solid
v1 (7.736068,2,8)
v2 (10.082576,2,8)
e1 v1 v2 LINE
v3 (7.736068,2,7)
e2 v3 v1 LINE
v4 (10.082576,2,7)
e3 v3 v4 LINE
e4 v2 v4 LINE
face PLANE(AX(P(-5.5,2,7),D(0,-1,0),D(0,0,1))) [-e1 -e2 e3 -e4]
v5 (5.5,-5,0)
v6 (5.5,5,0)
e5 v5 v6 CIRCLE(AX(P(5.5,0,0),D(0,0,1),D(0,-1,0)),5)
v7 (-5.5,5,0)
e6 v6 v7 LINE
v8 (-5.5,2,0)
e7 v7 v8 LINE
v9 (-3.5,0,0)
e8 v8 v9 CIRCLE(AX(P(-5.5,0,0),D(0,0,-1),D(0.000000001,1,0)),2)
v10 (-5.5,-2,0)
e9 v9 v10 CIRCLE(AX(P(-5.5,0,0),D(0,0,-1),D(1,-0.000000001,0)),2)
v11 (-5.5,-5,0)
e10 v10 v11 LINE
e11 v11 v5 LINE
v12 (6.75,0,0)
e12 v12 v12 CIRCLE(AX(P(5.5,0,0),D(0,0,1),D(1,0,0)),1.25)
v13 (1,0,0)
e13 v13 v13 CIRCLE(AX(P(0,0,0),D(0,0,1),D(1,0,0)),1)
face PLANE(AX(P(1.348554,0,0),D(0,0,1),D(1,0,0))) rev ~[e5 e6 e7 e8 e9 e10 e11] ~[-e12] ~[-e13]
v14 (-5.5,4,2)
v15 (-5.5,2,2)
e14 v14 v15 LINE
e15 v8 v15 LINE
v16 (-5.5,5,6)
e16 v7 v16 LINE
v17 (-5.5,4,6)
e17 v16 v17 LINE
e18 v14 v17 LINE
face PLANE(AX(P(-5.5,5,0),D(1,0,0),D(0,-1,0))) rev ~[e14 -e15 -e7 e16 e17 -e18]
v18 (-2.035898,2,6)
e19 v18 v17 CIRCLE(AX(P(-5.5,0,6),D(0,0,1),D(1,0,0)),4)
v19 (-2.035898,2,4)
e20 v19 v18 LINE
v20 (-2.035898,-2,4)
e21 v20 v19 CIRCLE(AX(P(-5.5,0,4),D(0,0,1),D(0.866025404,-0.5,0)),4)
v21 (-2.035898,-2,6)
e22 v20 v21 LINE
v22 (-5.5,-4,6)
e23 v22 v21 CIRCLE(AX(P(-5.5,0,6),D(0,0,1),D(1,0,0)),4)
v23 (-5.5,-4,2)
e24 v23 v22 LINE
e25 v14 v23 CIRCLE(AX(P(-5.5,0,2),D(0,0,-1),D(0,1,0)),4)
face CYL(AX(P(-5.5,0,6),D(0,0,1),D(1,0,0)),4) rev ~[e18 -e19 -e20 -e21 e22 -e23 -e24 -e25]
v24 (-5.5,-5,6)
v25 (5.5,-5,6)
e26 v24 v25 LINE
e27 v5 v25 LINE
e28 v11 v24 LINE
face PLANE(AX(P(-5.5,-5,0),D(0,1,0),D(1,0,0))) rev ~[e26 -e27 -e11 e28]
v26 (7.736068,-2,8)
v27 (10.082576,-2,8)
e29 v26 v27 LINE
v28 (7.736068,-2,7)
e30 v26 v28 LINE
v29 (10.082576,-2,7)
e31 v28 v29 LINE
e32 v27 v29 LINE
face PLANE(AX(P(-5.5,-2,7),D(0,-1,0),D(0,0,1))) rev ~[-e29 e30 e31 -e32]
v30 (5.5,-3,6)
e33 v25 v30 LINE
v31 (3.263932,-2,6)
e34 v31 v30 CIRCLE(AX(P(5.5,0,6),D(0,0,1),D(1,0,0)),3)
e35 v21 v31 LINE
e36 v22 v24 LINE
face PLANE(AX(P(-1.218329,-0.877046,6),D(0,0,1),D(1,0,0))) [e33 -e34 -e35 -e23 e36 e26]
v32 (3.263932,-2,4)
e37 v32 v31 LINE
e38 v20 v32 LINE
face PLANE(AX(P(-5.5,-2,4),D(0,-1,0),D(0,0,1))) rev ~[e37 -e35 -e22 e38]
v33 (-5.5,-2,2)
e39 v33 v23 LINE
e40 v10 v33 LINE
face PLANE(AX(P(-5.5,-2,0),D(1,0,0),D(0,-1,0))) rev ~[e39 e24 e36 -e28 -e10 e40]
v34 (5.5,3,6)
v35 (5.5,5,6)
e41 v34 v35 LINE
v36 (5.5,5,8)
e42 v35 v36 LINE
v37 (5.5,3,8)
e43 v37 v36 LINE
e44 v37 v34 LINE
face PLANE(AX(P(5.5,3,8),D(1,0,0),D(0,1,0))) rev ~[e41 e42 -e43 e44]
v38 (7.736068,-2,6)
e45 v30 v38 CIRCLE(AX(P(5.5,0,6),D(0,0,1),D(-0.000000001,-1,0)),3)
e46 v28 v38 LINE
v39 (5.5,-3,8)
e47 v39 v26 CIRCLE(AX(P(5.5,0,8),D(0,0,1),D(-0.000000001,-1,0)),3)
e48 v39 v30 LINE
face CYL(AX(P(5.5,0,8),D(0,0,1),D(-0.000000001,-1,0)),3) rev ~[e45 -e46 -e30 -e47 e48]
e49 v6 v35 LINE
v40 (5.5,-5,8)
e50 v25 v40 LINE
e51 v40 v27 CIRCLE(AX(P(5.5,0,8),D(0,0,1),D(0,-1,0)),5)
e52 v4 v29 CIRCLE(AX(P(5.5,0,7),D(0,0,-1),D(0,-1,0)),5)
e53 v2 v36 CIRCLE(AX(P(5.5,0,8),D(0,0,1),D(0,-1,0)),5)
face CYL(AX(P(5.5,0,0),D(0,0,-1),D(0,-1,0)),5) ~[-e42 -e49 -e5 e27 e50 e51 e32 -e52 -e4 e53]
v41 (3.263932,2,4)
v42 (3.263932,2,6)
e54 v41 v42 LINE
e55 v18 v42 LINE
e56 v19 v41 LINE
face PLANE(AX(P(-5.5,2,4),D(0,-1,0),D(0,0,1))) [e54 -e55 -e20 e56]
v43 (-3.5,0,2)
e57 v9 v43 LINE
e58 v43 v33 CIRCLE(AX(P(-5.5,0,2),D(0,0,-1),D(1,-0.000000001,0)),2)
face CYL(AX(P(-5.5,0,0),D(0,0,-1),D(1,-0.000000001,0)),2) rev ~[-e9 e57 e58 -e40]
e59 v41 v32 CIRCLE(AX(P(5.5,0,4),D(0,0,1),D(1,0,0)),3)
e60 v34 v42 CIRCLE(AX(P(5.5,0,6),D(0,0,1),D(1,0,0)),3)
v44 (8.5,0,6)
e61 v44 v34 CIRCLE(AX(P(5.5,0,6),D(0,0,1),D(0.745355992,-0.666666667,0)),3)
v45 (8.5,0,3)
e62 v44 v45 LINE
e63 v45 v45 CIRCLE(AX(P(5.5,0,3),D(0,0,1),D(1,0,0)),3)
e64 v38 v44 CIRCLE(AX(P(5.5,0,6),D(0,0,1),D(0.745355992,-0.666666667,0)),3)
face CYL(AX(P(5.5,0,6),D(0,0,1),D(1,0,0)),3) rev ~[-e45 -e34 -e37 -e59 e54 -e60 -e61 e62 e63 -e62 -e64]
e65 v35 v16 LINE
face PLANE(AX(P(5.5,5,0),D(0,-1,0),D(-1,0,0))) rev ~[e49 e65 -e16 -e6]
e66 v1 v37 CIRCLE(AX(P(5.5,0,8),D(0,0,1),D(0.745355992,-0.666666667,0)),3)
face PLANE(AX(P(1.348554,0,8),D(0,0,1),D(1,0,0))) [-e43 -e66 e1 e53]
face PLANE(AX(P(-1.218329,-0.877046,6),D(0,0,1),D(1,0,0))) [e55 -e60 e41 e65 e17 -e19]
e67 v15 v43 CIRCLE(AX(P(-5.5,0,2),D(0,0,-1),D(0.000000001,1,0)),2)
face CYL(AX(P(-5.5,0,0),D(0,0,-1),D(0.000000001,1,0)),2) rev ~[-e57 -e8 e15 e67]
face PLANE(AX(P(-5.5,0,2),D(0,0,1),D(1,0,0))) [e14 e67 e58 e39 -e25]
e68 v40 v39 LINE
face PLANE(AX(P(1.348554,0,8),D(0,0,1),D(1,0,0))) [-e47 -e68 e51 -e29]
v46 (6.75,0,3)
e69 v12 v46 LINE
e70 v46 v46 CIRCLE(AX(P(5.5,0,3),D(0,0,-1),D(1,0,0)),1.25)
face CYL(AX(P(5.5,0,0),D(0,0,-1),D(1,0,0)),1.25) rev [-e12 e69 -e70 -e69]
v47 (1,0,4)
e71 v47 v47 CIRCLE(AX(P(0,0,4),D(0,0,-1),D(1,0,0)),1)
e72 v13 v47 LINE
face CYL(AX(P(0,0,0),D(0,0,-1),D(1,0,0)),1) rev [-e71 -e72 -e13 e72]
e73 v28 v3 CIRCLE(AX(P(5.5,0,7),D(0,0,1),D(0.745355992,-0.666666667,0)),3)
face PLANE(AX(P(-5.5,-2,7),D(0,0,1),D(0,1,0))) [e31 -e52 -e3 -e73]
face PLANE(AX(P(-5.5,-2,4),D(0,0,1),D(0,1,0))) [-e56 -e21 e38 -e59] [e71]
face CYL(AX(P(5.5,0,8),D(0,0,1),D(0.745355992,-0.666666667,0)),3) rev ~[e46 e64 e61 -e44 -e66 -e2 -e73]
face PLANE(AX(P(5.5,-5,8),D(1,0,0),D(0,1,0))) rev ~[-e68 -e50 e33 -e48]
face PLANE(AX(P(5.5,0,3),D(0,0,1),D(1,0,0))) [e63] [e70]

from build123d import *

# Parameters (mm, degrees)
SKETCH1_R           = 1
SKETCH1_R_2         = 1.25
BOSS_EXTRUDE1_DEPTH = 8
SKETCH2_W           = 1
SKETCH2_H           = 4
CUT_EXTRUDE1_DEPTH  = 18
CUT_EXTRUDE2_DEPTH  = 2
SKETCH4_W           = 2
SKETCH4_H           = 4
CUT_EXTRUDE3_DEPTH  = 11
SKETCH5_R           = 3
CUT_EXTRUDE4_DEPTH  = 3
SKETCH6_R           = 4
CUT_EXTRUDE5_DEPTH  = 4


with BuildPart() as part:
    # Sketch1 → Boss-Extrude1 (new body)
    with BuildSketch(Plane.XY):
        with BuildLine():
            Line((-5.5, -2), (-5.5, -5))
            Line((-5.5, -5), (5.5, -5))
            ThreePointArc((5.5, -5), (10.5, 0), (5.5, 5))
            Line((5.5, 5), (-5.5, 5))
            Line((-5.5, 5), (-5.5, 2))
            ThreePointArc((-5.5, 2), (-4.085786438, 1.414213562), (-3.5, 0))
            ThreePointArc((-3.5, 0), (-4.085786438, -1.414213562), (-5.5, -2))
        make_face()
        Circle(SKETCH1_R, mode=Mode.SUBTRACT)
        with Locations((5.5, 0)):
            Circle(SKETCH1_R_2, mode=Mode.SUBTRACT)
    extrude(amount=BOSS_EXTRUDE1_DEPTH)

    # Sketch2 → Cut-Extrude1 (cut)
    with BuildSketch(Plane.ZY.offset(5.5)):
        with Locations((7.5, 0)):
            Rectangle(SKETCH2_W, SKETCH2_H)
    extrude(amount=-CUT_EXTRUDE1_DEPTH, mode=Mode.SUBTRACT)

    # Sketch3 → Cut-Extrude2 (cut)
    with BuildSketch(Plane.XY.offset(8)):
        with BuildLine():
            Line((5.5, 3), (5.5, 5))
            Line((5.5, 5), (5.5, 6.324669678))
            Line((5.5, 6.324669678), (-9.434593506, 6.108583723))
            Line((-9.434593506, 6.108583723), (-8.586871683, -6.45764565))
            Line((-8.586871683, -6.45764565), (-0.126275451, -6.673731605))
            Line((-0.126275451, -6.673731605), (5.5, -5))
            Line((5.5, -5), (-5.5, -5))
            Line((-5.5, -5), (-5.5, -2))
            Line((-5.5, -2), (7.736067977, -2))
            ThreePointArc((7.736067977, -2), (8.238612788, 1.224744871), (5.5, 3))
        make_face()
        with BuildLine():
            ThreePointArc((5.5, -3), (6.724744871, -2.738612788), (7.736067977, -2))
            Line((7.736067977, -2), (-5.5, -2))
            Line((-5.5, -2), (-5.5, -5))
            Line((-5.5, -5), (5.5, -5))
            Line((5.5, -5), (5.5, -3))
        make_face()
    extrude(amount=-CUT_EXTRUDE2_DEPTH, mode=Mode.SUBTRACT)

    # Sketch4 → Cut-Extrude3 (cut)
    with BuildSketch(Plane.ZY.offset(5.5)):
        with Locations((5, 0)):
            Rectangle(SKETCH4_W, SKETCH4_H)
    extrude(amount=-CUT_EXTRUDE3_DEPTH, mode=Mode.SUBTRACT)

    # Sketch5 → Cut-Extrude4 (cut)
    with BuildSketch(Plane.XY.offset(6)):
        with Locations((5.5, 0)):
            Circle(SKETCH5_R)
    extrude(amount=-CUT_EXTRUDE4_DEPTH, mode=Mode.SUBTRACT)

    # Sketch6 → Cut-Extrude5 (cut)
    with BuildSketch(Plane.XY.offset(6)):
        with Locations((-5.5, 0)):
            Circle(SKETCH6_R)
    extrude(amount=-CUT_EXTRUDE5_DEPTH, mode=Mode.SUBTRACT)


solid = part.part
